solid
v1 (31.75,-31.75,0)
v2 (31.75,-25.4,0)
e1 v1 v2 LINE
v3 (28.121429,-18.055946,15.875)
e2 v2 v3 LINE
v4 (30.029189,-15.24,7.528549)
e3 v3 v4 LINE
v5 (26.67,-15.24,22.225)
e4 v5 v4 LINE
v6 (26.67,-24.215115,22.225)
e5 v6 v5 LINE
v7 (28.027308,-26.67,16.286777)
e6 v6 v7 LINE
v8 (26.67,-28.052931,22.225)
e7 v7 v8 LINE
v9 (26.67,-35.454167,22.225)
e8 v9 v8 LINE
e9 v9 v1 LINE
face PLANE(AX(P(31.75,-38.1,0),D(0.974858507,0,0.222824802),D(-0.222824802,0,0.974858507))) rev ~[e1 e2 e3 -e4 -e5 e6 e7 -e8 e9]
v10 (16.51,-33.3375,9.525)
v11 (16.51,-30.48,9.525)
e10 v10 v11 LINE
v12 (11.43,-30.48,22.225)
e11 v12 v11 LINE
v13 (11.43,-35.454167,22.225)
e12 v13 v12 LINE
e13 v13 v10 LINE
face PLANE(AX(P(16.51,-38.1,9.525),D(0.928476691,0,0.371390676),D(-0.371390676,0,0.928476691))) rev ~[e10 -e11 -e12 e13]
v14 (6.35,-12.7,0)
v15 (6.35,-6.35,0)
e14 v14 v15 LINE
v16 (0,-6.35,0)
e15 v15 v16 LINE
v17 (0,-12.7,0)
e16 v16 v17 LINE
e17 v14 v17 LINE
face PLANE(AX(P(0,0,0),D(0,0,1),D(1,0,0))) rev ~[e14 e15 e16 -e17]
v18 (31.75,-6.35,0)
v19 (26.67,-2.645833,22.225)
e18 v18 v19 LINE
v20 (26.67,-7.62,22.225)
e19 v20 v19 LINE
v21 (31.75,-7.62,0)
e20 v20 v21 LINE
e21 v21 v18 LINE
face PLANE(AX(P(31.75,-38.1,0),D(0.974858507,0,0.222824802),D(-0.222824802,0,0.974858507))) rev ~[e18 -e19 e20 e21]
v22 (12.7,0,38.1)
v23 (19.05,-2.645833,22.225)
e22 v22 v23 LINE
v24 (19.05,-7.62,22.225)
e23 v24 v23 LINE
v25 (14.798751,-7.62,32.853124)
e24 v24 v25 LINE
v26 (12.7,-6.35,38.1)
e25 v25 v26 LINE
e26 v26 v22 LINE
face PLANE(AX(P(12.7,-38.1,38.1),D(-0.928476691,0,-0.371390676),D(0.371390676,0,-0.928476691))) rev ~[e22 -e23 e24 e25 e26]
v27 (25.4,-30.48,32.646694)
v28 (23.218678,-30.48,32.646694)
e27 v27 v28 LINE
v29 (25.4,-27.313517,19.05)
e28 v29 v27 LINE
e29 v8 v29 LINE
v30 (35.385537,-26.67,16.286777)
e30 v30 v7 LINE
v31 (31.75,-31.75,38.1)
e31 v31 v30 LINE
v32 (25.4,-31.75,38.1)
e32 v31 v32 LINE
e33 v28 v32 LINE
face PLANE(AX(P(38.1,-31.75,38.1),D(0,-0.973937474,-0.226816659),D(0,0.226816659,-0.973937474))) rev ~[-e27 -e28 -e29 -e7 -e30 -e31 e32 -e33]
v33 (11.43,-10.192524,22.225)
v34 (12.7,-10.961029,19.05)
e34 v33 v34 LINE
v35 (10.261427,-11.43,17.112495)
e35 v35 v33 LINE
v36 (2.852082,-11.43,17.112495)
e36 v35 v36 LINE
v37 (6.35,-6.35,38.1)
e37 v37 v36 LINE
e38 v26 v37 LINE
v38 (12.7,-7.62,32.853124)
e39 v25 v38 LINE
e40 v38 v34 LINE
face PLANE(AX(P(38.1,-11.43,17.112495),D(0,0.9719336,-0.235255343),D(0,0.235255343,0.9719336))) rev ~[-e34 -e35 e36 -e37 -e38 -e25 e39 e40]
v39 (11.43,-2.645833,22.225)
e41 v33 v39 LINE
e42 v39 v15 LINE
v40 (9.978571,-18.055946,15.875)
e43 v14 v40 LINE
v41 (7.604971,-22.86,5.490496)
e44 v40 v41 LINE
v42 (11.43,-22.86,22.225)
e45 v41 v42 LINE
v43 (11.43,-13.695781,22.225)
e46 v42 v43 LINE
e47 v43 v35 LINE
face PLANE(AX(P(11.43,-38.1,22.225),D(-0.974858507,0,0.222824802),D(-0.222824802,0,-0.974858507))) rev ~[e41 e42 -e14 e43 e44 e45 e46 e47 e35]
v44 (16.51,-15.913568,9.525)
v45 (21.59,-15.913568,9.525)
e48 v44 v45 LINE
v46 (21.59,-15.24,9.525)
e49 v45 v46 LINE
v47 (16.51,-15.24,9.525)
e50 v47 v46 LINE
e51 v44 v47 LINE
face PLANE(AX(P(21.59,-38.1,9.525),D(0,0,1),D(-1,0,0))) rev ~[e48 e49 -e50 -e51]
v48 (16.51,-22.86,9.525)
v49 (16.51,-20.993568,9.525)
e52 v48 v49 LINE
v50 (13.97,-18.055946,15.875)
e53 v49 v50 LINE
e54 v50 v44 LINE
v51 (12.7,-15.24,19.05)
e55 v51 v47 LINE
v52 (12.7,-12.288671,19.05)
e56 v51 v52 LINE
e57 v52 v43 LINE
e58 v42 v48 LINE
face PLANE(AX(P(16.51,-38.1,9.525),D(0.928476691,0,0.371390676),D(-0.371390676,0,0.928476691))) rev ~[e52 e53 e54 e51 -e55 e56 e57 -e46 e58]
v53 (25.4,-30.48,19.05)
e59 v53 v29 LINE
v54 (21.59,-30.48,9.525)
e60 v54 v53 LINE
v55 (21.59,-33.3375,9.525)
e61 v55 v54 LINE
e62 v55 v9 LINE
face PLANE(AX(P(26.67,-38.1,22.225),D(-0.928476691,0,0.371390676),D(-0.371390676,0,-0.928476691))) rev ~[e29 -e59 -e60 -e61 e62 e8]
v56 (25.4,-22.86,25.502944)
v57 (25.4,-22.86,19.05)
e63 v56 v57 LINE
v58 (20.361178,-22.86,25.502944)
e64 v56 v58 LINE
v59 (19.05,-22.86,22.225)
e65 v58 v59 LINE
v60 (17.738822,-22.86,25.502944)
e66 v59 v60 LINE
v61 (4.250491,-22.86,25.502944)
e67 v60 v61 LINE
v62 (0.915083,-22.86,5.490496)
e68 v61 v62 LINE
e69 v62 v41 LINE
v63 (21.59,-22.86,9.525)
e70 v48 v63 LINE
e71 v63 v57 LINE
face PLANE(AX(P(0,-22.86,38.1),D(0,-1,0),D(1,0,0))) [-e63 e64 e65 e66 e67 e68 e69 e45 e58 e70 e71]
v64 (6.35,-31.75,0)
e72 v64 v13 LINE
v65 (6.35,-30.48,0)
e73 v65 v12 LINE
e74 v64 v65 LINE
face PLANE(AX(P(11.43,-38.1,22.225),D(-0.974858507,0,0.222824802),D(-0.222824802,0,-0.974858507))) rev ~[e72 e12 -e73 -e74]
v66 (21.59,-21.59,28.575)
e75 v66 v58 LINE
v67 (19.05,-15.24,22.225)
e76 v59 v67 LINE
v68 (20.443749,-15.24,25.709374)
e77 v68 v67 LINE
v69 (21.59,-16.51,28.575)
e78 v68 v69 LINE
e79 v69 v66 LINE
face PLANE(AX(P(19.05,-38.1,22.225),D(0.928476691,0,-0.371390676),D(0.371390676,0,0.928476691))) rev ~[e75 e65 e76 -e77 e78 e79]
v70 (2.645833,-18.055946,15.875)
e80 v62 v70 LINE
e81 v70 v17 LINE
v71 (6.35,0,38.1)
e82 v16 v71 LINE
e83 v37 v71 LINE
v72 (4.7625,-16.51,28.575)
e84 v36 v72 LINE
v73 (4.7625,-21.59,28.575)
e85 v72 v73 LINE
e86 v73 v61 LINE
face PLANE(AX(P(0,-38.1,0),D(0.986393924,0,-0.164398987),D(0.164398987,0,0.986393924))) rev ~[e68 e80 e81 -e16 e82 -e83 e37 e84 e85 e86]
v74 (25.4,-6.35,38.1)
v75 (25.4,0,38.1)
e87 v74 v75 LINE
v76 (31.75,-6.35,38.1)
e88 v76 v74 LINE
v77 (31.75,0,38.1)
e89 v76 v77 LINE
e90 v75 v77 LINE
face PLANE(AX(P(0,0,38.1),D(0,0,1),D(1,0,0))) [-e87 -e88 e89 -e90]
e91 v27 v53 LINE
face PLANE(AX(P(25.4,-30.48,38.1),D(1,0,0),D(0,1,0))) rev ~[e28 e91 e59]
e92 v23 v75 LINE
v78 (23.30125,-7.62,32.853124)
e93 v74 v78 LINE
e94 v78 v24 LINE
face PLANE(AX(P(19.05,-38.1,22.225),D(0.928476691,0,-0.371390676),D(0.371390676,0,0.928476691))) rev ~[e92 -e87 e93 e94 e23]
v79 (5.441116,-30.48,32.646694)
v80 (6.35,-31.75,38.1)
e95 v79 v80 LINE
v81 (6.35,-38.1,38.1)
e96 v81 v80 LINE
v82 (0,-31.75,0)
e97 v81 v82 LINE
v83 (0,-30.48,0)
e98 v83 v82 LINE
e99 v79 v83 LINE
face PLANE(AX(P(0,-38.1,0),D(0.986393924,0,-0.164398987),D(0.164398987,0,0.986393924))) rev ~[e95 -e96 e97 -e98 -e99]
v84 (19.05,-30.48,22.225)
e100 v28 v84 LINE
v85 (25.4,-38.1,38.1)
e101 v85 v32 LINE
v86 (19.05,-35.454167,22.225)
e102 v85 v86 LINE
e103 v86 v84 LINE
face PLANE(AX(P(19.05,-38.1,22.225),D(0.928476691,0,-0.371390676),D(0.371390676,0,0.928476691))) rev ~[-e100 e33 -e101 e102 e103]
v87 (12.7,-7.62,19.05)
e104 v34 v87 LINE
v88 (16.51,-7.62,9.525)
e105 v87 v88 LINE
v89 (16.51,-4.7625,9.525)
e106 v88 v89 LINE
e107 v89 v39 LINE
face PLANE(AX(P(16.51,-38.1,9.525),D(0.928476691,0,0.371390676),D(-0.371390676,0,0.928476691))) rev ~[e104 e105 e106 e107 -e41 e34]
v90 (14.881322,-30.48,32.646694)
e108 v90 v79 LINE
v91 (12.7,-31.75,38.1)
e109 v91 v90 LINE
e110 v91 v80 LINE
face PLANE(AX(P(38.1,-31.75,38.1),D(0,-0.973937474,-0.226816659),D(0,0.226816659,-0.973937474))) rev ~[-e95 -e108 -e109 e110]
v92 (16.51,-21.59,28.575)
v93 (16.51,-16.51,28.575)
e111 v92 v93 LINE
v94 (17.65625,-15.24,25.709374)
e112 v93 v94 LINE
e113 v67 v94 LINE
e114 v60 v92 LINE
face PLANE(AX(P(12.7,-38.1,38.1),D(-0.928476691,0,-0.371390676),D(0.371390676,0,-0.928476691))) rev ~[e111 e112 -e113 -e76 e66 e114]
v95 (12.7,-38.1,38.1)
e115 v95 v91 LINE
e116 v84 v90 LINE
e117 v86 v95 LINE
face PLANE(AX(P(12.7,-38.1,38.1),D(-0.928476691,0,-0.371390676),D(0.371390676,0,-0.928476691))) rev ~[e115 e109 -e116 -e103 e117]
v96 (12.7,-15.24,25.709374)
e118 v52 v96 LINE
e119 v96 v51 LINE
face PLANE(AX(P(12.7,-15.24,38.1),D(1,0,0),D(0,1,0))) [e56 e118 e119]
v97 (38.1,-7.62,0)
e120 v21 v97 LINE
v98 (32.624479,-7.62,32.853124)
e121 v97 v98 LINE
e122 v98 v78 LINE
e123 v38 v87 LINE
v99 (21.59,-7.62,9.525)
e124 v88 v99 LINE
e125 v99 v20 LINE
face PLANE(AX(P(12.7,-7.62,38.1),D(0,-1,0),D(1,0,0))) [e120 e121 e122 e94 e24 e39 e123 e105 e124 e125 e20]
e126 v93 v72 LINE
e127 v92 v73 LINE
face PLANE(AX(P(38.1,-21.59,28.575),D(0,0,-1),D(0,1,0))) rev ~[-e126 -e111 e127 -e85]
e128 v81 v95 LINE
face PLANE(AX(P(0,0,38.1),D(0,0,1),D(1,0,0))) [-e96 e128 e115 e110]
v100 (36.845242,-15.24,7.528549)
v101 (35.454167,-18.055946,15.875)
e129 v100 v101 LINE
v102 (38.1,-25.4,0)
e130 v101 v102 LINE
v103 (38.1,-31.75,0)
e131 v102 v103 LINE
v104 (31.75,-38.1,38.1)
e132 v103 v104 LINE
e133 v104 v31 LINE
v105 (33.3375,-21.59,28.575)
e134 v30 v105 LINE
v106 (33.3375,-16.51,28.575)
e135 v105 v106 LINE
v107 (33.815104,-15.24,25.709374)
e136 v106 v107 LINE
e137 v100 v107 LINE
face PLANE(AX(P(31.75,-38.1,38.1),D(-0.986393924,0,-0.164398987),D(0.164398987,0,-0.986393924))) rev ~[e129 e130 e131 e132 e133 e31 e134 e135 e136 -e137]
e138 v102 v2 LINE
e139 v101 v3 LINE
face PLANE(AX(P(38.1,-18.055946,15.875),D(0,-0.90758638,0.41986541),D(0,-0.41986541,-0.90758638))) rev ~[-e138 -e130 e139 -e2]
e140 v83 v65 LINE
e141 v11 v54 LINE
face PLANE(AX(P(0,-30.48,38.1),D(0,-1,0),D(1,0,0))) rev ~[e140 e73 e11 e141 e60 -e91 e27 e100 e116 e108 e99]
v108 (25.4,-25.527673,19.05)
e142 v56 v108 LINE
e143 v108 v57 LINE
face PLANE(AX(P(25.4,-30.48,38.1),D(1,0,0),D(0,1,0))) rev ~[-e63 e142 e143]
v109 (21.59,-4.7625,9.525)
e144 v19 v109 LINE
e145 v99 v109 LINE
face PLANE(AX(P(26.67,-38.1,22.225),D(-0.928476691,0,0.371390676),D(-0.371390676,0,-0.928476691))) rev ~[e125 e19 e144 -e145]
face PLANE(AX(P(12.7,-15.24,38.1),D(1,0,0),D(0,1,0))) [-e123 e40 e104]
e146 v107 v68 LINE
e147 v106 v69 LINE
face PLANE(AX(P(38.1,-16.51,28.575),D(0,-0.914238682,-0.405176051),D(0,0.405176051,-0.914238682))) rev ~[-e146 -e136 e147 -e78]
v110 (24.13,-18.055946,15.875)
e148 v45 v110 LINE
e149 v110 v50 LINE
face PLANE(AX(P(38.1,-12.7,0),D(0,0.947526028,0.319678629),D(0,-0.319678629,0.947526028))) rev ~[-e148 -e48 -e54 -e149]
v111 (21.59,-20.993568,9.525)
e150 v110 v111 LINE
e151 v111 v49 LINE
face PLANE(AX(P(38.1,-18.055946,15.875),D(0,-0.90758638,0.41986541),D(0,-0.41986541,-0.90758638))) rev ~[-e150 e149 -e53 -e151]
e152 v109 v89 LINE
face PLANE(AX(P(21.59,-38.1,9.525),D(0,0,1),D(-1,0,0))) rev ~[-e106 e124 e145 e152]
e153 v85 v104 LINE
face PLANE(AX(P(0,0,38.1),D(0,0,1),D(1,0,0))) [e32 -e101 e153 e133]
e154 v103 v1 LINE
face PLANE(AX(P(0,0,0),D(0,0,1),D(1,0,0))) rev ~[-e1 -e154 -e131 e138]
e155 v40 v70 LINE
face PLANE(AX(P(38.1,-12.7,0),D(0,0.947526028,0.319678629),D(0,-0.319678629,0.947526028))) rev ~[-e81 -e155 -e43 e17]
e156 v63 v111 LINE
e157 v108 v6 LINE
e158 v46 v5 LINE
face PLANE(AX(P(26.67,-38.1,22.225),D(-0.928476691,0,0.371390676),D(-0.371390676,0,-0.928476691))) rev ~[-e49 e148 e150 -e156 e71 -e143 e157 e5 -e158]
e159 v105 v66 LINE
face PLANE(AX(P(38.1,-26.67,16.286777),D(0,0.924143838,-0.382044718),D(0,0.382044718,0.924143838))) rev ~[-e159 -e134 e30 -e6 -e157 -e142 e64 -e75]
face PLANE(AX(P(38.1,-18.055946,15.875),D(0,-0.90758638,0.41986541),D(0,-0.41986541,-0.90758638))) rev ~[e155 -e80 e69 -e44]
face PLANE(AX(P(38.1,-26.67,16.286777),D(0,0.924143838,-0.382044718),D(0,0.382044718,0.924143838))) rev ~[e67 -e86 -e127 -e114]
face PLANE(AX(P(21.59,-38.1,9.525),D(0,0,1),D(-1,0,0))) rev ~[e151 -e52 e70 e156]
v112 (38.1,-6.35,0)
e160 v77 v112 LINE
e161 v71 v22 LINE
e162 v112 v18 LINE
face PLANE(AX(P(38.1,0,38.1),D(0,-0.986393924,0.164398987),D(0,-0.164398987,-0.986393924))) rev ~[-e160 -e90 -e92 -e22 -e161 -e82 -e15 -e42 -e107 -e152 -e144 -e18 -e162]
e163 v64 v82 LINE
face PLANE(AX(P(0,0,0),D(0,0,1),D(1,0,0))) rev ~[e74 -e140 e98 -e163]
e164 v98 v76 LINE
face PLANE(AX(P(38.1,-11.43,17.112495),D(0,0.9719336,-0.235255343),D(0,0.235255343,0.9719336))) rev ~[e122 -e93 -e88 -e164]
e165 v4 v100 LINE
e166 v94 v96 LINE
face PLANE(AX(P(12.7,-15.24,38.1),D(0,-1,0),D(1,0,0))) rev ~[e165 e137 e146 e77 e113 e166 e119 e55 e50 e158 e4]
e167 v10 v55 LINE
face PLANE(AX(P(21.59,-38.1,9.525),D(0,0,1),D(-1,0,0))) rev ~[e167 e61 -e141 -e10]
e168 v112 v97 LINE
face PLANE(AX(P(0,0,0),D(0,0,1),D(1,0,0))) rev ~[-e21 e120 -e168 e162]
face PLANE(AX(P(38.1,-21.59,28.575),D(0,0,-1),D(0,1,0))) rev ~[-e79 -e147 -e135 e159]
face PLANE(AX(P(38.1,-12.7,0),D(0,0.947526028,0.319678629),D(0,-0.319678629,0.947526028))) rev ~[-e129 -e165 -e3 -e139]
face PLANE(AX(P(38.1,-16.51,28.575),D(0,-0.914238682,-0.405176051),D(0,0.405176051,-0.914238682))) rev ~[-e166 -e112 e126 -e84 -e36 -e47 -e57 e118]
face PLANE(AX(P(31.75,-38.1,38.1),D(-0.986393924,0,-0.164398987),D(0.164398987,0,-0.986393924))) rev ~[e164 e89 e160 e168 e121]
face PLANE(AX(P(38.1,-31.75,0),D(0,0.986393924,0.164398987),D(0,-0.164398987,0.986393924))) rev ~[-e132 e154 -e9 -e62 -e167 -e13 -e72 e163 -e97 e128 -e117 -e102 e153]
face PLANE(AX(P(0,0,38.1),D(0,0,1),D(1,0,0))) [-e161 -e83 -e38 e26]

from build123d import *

# Parameters (mm, degrees)
F0_W      = 38.1
F0_H      = 38.1
F1_DEPTH  = 38.1
F6_DEPTH  = 38.1
F8_DEPTH  = 38.1
F9_W      = 25.4
F9_H      = 7.62
F10_DEPTH = 38.1


with BuildPart() as f1:
    # F0 (on Front) → F1 (new body)
    with BuildSketch(Plane.XZ):
        with Locations((19.05, 19.05)):
            Rectangle(F0_W, F0_H)
    extrude(amount=F1_DEPTH)

    # F5 (on offset) → F6 (cut)
    with BuildSketch(Plane.YZ.offset(38.1)):
        Polygon((-11.43, 17.112495), (-6.35, 38.1), (-31.75, 38.1), (-26.67, 16.286777), (-21.59, 28.575), (-16.51, 28.575), align=None)
        Polygon((-31.75, 0), (-38.1, 38.1), (-38.1, 0), align=None)
        Polygon((-25.4, 0), (-12.7, 0), (-18.055946, 15.875), align=None)
        Polygon((-6.35, 0), (0, 0), (0, 38.1), align=None)
    extrude(amount=-F6_DEPTH, mode=Mode.SUBTRACT)

    # F7 (on offset) → F8 (cut)
    with BuildSketch(Plane.XZ.offset(38.1)):
        Polygon((11.43, 22.225), (6.35, 0), (31.75, 0), (26.67, 22.225), (21.59, 9.525), (16.51, 9.525), align=None)
        Polygon((0, 38.1), (0, 0), (6.35, 38.1), align=None)
        Polygon((25.4, 38.1), (12.7, 38.1), (19.05, 22.225), align=None)
        Polygon((31.75, 38.1), (38.1, 0), (38.1, 38.1), align=None)
    extrude(amount=-F8_DEPTH, mode=Mode.SUBTRACT)

    # F9 (on offset) → F10 (cut)
    with BuildSketch(Plane.XY.offset(38.1)):
        with Locations((25.4, -11.43)):
            Rectangle(F9_W, F9_H)
        with Locations((12.7, -26.67)):
            Rectangle(F9_W, F9_H)
    extrude(amount=-F10_DEPTH, mode=Mode.SUBTRACT)


solid = f1.part
